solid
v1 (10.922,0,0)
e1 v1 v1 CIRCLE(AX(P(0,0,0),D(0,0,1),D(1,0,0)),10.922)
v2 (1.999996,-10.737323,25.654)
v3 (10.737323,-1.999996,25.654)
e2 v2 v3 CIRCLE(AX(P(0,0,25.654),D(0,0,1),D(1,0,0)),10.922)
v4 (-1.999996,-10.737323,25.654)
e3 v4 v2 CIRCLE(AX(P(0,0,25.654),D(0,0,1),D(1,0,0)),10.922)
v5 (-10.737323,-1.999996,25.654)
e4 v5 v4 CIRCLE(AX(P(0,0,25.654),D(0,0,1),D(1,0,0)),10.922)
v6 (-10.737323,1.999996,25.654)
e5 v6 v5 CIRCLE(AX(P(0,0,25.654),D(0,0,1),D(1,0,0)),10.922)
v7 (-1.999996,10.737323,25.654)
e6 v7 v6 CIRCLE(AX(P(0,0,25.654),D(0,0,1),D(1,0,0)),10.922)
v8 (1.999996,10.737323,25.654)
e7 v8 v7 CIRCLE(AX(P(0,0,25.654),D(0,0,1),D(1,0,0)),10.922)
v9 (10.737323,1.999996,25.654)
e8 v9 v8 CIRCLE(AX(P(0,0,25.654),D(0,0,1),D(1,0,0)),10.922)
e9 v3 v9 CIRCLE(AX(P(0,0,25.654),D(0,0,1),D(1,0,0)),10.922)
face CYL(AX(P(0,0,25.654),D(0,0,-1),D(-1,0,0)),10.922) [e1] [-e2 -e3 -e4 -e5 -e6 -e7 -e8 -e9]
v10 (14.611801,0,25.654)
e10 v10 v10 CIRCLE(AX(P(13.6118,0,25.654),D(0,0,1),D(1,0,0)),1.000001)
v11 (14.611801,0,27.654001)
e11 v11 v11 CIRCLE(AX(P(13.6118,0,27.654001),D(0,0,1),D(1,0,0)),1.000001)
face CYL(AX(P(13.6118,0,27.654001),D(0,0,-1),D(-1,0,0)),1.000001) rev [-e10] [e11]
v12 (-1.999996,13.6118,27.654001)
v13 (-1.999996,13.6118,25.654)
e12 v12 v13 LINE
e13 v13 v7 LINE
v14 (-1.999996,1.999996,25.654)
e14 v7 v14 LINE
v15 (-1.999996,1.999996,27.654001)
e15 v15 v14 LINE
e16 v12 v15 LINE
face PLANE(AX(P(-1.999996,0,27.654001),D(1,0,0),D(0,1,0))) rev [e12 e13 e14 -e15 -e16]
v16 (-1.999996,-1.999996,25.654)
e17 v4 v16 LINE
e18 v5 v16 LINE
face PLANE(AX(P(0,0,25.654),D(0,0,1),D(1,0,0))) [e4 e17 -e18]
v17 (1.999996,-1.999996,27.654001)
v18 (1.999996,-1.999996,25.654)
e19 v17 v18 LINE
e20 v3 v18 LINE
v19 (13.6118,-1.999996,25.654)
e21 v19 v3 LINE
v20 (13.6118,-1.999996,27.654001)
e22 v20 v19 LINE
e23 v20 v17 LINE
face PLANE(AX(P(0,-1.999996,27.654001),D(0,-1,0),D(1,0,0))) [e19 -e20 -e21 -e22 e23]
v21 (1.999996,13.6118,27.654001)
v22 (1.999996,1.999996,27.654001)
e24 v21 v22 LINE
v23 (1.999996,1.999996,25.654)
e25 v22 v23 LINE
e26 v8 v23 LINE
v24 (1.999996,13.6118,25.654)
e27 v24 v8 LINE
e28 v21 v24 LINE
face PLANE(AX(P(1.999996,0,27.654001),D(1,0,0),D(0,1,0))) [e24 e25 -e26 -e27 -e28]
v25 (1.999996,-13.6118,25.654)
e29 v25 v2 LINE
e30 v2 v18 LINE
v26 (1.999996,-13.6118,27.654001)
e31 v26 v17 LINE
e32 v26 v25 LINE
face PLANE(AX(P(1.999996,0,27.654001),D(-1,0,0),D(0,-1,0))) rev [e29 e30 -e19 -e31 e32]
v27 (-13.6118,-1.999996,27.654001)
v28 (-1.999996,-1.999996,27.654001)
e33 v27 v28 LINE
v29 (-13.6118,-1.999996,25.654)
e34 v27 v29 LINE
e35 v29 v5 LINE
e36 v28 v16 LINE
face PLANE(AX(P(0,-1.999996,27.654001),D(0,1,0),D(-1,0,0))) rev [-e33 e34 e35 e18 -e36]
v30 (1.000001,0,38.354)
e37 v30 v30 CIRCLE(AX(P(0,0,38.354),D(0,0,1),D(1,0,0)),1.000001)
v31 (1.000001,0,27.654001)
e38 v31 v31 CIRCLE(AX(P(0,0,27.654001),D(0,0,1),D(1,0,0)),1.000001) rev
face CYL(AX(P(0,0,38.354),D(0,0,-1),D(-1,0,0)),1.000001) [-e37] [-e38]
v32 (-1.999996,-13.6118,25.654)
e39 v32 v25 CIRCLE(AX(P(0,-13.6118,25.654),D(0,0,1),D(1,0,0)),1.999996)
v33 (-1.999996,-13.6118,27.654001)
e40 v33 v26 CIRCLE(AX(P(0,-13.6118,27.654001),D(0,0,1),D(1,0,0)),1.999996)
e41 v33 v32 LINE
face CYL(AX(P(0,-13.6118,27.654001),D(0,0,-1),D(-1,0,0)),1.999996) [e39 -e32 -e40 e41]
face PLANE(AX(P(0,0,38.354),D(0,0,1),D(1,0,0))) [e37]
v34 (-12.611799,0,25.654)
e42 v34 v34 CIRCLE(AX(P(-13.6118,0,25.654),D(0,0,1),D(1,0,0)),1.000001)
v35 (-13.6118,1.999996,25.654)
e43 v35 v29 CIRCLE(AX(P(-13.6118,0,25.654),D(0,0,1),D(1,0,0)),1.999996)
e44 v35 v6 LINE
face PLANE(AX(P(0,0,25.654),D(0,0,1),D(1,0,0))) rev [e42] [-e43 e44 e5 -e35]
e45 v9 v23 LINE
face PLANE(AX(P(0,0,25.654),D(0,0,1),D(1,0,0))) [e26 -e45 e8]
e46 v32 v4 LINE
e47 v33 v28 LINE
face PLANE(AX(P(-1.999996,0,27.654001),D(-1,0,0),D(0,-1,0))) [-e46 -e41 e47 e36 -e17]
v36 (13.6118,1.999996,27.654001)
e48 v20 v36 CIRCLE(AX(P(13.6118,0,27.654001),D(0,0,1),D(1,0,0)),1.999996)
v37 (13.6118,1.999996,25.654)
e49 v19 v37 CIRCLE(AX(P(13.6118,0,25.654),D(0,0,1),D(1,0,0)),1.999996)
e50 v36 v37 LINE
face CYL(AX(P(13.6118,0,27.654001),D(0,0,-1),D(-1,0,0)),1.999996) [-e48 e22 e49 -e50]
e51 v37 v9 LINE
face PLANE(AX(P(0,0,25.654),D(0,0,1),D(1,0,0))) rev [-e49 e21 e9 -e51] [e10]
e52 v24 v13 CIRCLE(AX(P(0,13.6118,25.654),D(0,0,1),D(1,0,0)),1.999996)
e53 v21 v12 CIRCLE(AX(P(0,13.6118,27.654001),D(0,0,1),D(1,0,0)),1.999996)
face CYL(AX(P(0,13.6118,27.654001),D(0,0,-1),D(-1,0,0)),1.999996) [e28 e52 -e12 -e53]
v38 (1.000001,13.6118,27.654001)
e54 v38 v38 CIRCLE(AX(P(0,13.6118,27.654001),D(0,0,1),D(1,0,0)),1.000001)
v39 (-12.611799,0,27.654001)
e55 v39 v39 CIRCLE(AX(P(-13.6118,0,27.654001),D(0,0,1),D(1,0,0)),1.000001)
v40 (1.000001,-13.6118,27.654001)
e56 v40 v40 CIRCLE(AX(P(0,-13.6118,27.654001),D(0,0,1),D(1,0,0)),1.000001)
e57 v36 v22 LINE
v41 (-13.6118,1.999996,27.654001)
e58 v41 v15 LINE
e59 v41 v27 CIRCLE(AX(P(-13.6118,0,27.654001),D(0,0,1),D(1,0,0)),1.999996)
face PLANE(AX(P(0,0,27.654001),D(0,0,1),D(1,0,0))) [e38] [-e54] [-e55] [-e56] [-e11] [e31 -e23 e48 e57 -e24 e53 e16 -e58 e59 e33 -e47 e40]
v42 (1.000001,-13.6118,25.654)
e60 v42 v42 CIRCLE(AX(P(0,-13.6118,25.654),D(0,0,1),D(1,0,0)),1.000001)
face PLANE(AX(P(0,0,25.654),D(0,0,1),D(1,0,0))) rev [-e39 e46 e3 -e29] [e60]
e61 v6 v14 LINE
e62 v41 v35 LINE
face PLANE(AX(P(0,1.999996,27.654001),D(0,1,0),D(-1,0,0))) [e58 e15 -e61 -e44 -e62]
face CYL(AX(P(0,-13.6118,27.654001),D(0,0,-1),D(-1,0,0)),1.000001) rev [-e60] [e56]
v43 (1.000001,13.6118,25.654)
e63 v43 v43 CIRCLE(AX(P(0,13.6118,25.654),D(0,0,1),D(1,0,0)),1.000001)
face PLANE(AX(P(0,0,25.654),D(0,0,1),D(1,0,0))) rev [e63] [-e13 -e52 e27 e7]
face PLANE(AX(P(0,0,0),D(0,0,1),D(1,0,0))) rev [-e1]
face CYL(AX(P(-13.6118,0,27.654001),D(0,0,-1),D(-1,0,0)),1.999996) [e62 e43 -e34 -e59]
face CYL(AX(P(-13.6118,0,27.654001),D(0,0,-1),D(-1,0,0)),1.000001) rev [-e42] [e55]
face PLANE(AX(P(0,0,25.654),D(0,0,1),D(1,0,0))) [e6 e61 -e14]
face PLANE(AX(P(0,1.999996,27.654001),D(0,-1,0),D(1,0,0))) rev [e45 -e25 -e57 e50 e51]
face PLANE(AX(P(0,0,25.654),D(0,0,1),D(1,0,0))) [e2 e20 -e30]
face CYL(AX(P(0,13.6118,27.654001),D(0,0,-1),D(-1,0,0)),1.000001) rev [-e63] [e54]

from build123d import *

# Parameters (mm, degrees)
SKETCH1_R           = 10.922
BOSS_EXTRUDE1_DEPTH = 25.654
SKETCH2_R           = 1.00000054
BOSS_EXTRUDE4_DEPTH = 2.00000108
SKETCH3_R           = 1.00000054
BOSS_EXTRUDE3_DEPTH = 12.7


with BuildPart() as part:
    # Sketch1 → Boss-Extrude1 (new body)
    with BuildSketch(Plane.XY):
        Circle(SKETCH1_R)
    extrude(amount=BOSS_EXTRUDE1_DEPTH)

    # Sketch2 → Boss-Extrude4 (add)
    # profile 1 of 7: a face of its own
    with BuildSketch(Plane.XY.offset(25.654)):
        with BuildLine():
            Line((-1.999996, 10.737322758), (-1.999996, 1.999996))
            Line((-1.999996, 1.999996), (1.999996, 1.999996))
            Line((1.999996, 1.999996), (1.999996, 10.737322758))
            ThreePointArc((1.999996, 10.737322758), (0, 10.922), (-1.999996, 10.737322758))
        make_face()
    # profile 2 of 7: a face of its own
    with BuildSketch(Plane.XY.offset(25.654)):
        with BuildLine():
            Line((-1.999996, 13.6118), (-1.999996, 10.737322758))
            ThreePointArc((-1.999996, 10.737322758), (0, 10.922), (1.999996, 10.737322758))
            Line((1.999996, 10.737322758), (1.999996, 13.6118))
            ThreePointArc((1.999996, 13.6118), (0, 15.611796), (-1.999996, 13.6118))
        make_face()
        with Locations((0, 13.6118)):
            Circle(SKETCH2_R, mode=Mode.SUBTRACT)
    # profile 3 of 7: a face of its own
    with BuildSketch(Plane.XY.offset(25.654)):
        with BuildLine():
            ThreePointArc((-10.737322758, 1.999996), (-10.922, 0), (-10.737322758, -1.999996))
            Line((-10.737322758, -1.999996), (-1.999996, -1.999996))
            Line((-1.999996, -1.999996), (-1.999996, -10.737322758))
            ThreePointArc((-1.999996, -10.737322758), (0, -10.922), (1.999996, -10.737322758))
            Line((1.999996, -10.737322758), (1.999996, -1.999996))
            Line((1.999996, -1.999996), (10.737322758, -1.999996))
            ThreePointArc((10.737322758, -1.999996), (10.875732692, -1.00425217), (10.922, 0))
            ThreePointArc((10.922, 0), (10.875732692, 1.00425217), (10.737322758, 1.999996))
            Line((10.737322758, 1.999996), (1.999996, 1.999996))
            Line((1.999996, 1.999996), (0, 0))
            Line((0, 0), (-1.999996, 1.999996))
            Line((-1.999996, 1.999996), (-10.737322758, 1.999996))
        make_face()
    # profile 4 of 7: a face of its own
    with BuildSketch(Plane.XY.offset(25.654)):
        with BuildLine():
            ThreePointArc((10.922, 0), (10.875732692, -1.00425217), (10.737322758, -1.999996))
            Line((10.737322758, -1.999996), (13.6118, -1.999996))
            ThreePointArc((13.6118, -1.999996), (15.611796, 0), (13.6118, 1.999996))
            Line((13.6118, 1.999996), (10.737322758, 1.999996))
            ThreePointArc((10.737322758, 1.999996), (10.875732692, 1.00425217), (10.922, 0))
        make_face()
        with Locations((13.6118, 0)):
            Circle(SKETCH2_R, mode=Mode.SUBTRACT)
    # profile 5 of 7: a face of its own
    with BuildSketch(Plane.XY.offset(25.654)):
        Polygon((1.999996, 1.999996), (-1.999996, 1.999996), (0, 0), align=None)
    # profile 6 of 7: a face of its own
    with BuildSketch(Plane.XY.offset(25.654)):
        with BuildLine():
            ThreePointArc((1.999996, -10.737322758), (0, -10.922), (-1.999996, -10.737322758))
            Line((-1.999996, -10.737322758), (-1.999996, -13.6118))
            ThreePointArc((-1.999996, -13.6118), (0, -15.611796), (1.999996, -13.6118))
            Line((1.999996, -13.6118), (1.999996, -10.737322758))
        make_face()
        with Locations((0, -13.6118)):
            Circle(SKETCH2_R, mode=Mode.SUBTRACT)
    # profile 7 of 7: a face of its own
    with BuildSketch(Plane.XY.offset(25.654)):
        with BuildLine():
            ThreePointArc((-13.6118, 1.999996), (-15.611796, 0), (-13.6118, -1.999996))
            Line((-13.6118, -1.999996), (-10.737322758, -1.999996))
            ThreePointArc((-10.737322758, -1.999996), (-10.922, 0), (-10.737322758, 1.999996))
            Line((-10.737322758, 1.999996), (-13.6118, 1.999996))
        make_face()
        with Locations((-13.6118, 0)):
            Circle(SKETCH2_R, mode=Mode.SUBTRACT)
    extrude(amount=BOSS_EXTRUDE4_DEPTH)

    # Sketch3 → Boss-Extrude3 (add)
    with BuildSketch(Plane.XY.offset(25.654)):
        Circle(SKETCH3_R)
    extrude(amount=BOSS_EXTRUDE3_DEPTH)


solid = part.part
